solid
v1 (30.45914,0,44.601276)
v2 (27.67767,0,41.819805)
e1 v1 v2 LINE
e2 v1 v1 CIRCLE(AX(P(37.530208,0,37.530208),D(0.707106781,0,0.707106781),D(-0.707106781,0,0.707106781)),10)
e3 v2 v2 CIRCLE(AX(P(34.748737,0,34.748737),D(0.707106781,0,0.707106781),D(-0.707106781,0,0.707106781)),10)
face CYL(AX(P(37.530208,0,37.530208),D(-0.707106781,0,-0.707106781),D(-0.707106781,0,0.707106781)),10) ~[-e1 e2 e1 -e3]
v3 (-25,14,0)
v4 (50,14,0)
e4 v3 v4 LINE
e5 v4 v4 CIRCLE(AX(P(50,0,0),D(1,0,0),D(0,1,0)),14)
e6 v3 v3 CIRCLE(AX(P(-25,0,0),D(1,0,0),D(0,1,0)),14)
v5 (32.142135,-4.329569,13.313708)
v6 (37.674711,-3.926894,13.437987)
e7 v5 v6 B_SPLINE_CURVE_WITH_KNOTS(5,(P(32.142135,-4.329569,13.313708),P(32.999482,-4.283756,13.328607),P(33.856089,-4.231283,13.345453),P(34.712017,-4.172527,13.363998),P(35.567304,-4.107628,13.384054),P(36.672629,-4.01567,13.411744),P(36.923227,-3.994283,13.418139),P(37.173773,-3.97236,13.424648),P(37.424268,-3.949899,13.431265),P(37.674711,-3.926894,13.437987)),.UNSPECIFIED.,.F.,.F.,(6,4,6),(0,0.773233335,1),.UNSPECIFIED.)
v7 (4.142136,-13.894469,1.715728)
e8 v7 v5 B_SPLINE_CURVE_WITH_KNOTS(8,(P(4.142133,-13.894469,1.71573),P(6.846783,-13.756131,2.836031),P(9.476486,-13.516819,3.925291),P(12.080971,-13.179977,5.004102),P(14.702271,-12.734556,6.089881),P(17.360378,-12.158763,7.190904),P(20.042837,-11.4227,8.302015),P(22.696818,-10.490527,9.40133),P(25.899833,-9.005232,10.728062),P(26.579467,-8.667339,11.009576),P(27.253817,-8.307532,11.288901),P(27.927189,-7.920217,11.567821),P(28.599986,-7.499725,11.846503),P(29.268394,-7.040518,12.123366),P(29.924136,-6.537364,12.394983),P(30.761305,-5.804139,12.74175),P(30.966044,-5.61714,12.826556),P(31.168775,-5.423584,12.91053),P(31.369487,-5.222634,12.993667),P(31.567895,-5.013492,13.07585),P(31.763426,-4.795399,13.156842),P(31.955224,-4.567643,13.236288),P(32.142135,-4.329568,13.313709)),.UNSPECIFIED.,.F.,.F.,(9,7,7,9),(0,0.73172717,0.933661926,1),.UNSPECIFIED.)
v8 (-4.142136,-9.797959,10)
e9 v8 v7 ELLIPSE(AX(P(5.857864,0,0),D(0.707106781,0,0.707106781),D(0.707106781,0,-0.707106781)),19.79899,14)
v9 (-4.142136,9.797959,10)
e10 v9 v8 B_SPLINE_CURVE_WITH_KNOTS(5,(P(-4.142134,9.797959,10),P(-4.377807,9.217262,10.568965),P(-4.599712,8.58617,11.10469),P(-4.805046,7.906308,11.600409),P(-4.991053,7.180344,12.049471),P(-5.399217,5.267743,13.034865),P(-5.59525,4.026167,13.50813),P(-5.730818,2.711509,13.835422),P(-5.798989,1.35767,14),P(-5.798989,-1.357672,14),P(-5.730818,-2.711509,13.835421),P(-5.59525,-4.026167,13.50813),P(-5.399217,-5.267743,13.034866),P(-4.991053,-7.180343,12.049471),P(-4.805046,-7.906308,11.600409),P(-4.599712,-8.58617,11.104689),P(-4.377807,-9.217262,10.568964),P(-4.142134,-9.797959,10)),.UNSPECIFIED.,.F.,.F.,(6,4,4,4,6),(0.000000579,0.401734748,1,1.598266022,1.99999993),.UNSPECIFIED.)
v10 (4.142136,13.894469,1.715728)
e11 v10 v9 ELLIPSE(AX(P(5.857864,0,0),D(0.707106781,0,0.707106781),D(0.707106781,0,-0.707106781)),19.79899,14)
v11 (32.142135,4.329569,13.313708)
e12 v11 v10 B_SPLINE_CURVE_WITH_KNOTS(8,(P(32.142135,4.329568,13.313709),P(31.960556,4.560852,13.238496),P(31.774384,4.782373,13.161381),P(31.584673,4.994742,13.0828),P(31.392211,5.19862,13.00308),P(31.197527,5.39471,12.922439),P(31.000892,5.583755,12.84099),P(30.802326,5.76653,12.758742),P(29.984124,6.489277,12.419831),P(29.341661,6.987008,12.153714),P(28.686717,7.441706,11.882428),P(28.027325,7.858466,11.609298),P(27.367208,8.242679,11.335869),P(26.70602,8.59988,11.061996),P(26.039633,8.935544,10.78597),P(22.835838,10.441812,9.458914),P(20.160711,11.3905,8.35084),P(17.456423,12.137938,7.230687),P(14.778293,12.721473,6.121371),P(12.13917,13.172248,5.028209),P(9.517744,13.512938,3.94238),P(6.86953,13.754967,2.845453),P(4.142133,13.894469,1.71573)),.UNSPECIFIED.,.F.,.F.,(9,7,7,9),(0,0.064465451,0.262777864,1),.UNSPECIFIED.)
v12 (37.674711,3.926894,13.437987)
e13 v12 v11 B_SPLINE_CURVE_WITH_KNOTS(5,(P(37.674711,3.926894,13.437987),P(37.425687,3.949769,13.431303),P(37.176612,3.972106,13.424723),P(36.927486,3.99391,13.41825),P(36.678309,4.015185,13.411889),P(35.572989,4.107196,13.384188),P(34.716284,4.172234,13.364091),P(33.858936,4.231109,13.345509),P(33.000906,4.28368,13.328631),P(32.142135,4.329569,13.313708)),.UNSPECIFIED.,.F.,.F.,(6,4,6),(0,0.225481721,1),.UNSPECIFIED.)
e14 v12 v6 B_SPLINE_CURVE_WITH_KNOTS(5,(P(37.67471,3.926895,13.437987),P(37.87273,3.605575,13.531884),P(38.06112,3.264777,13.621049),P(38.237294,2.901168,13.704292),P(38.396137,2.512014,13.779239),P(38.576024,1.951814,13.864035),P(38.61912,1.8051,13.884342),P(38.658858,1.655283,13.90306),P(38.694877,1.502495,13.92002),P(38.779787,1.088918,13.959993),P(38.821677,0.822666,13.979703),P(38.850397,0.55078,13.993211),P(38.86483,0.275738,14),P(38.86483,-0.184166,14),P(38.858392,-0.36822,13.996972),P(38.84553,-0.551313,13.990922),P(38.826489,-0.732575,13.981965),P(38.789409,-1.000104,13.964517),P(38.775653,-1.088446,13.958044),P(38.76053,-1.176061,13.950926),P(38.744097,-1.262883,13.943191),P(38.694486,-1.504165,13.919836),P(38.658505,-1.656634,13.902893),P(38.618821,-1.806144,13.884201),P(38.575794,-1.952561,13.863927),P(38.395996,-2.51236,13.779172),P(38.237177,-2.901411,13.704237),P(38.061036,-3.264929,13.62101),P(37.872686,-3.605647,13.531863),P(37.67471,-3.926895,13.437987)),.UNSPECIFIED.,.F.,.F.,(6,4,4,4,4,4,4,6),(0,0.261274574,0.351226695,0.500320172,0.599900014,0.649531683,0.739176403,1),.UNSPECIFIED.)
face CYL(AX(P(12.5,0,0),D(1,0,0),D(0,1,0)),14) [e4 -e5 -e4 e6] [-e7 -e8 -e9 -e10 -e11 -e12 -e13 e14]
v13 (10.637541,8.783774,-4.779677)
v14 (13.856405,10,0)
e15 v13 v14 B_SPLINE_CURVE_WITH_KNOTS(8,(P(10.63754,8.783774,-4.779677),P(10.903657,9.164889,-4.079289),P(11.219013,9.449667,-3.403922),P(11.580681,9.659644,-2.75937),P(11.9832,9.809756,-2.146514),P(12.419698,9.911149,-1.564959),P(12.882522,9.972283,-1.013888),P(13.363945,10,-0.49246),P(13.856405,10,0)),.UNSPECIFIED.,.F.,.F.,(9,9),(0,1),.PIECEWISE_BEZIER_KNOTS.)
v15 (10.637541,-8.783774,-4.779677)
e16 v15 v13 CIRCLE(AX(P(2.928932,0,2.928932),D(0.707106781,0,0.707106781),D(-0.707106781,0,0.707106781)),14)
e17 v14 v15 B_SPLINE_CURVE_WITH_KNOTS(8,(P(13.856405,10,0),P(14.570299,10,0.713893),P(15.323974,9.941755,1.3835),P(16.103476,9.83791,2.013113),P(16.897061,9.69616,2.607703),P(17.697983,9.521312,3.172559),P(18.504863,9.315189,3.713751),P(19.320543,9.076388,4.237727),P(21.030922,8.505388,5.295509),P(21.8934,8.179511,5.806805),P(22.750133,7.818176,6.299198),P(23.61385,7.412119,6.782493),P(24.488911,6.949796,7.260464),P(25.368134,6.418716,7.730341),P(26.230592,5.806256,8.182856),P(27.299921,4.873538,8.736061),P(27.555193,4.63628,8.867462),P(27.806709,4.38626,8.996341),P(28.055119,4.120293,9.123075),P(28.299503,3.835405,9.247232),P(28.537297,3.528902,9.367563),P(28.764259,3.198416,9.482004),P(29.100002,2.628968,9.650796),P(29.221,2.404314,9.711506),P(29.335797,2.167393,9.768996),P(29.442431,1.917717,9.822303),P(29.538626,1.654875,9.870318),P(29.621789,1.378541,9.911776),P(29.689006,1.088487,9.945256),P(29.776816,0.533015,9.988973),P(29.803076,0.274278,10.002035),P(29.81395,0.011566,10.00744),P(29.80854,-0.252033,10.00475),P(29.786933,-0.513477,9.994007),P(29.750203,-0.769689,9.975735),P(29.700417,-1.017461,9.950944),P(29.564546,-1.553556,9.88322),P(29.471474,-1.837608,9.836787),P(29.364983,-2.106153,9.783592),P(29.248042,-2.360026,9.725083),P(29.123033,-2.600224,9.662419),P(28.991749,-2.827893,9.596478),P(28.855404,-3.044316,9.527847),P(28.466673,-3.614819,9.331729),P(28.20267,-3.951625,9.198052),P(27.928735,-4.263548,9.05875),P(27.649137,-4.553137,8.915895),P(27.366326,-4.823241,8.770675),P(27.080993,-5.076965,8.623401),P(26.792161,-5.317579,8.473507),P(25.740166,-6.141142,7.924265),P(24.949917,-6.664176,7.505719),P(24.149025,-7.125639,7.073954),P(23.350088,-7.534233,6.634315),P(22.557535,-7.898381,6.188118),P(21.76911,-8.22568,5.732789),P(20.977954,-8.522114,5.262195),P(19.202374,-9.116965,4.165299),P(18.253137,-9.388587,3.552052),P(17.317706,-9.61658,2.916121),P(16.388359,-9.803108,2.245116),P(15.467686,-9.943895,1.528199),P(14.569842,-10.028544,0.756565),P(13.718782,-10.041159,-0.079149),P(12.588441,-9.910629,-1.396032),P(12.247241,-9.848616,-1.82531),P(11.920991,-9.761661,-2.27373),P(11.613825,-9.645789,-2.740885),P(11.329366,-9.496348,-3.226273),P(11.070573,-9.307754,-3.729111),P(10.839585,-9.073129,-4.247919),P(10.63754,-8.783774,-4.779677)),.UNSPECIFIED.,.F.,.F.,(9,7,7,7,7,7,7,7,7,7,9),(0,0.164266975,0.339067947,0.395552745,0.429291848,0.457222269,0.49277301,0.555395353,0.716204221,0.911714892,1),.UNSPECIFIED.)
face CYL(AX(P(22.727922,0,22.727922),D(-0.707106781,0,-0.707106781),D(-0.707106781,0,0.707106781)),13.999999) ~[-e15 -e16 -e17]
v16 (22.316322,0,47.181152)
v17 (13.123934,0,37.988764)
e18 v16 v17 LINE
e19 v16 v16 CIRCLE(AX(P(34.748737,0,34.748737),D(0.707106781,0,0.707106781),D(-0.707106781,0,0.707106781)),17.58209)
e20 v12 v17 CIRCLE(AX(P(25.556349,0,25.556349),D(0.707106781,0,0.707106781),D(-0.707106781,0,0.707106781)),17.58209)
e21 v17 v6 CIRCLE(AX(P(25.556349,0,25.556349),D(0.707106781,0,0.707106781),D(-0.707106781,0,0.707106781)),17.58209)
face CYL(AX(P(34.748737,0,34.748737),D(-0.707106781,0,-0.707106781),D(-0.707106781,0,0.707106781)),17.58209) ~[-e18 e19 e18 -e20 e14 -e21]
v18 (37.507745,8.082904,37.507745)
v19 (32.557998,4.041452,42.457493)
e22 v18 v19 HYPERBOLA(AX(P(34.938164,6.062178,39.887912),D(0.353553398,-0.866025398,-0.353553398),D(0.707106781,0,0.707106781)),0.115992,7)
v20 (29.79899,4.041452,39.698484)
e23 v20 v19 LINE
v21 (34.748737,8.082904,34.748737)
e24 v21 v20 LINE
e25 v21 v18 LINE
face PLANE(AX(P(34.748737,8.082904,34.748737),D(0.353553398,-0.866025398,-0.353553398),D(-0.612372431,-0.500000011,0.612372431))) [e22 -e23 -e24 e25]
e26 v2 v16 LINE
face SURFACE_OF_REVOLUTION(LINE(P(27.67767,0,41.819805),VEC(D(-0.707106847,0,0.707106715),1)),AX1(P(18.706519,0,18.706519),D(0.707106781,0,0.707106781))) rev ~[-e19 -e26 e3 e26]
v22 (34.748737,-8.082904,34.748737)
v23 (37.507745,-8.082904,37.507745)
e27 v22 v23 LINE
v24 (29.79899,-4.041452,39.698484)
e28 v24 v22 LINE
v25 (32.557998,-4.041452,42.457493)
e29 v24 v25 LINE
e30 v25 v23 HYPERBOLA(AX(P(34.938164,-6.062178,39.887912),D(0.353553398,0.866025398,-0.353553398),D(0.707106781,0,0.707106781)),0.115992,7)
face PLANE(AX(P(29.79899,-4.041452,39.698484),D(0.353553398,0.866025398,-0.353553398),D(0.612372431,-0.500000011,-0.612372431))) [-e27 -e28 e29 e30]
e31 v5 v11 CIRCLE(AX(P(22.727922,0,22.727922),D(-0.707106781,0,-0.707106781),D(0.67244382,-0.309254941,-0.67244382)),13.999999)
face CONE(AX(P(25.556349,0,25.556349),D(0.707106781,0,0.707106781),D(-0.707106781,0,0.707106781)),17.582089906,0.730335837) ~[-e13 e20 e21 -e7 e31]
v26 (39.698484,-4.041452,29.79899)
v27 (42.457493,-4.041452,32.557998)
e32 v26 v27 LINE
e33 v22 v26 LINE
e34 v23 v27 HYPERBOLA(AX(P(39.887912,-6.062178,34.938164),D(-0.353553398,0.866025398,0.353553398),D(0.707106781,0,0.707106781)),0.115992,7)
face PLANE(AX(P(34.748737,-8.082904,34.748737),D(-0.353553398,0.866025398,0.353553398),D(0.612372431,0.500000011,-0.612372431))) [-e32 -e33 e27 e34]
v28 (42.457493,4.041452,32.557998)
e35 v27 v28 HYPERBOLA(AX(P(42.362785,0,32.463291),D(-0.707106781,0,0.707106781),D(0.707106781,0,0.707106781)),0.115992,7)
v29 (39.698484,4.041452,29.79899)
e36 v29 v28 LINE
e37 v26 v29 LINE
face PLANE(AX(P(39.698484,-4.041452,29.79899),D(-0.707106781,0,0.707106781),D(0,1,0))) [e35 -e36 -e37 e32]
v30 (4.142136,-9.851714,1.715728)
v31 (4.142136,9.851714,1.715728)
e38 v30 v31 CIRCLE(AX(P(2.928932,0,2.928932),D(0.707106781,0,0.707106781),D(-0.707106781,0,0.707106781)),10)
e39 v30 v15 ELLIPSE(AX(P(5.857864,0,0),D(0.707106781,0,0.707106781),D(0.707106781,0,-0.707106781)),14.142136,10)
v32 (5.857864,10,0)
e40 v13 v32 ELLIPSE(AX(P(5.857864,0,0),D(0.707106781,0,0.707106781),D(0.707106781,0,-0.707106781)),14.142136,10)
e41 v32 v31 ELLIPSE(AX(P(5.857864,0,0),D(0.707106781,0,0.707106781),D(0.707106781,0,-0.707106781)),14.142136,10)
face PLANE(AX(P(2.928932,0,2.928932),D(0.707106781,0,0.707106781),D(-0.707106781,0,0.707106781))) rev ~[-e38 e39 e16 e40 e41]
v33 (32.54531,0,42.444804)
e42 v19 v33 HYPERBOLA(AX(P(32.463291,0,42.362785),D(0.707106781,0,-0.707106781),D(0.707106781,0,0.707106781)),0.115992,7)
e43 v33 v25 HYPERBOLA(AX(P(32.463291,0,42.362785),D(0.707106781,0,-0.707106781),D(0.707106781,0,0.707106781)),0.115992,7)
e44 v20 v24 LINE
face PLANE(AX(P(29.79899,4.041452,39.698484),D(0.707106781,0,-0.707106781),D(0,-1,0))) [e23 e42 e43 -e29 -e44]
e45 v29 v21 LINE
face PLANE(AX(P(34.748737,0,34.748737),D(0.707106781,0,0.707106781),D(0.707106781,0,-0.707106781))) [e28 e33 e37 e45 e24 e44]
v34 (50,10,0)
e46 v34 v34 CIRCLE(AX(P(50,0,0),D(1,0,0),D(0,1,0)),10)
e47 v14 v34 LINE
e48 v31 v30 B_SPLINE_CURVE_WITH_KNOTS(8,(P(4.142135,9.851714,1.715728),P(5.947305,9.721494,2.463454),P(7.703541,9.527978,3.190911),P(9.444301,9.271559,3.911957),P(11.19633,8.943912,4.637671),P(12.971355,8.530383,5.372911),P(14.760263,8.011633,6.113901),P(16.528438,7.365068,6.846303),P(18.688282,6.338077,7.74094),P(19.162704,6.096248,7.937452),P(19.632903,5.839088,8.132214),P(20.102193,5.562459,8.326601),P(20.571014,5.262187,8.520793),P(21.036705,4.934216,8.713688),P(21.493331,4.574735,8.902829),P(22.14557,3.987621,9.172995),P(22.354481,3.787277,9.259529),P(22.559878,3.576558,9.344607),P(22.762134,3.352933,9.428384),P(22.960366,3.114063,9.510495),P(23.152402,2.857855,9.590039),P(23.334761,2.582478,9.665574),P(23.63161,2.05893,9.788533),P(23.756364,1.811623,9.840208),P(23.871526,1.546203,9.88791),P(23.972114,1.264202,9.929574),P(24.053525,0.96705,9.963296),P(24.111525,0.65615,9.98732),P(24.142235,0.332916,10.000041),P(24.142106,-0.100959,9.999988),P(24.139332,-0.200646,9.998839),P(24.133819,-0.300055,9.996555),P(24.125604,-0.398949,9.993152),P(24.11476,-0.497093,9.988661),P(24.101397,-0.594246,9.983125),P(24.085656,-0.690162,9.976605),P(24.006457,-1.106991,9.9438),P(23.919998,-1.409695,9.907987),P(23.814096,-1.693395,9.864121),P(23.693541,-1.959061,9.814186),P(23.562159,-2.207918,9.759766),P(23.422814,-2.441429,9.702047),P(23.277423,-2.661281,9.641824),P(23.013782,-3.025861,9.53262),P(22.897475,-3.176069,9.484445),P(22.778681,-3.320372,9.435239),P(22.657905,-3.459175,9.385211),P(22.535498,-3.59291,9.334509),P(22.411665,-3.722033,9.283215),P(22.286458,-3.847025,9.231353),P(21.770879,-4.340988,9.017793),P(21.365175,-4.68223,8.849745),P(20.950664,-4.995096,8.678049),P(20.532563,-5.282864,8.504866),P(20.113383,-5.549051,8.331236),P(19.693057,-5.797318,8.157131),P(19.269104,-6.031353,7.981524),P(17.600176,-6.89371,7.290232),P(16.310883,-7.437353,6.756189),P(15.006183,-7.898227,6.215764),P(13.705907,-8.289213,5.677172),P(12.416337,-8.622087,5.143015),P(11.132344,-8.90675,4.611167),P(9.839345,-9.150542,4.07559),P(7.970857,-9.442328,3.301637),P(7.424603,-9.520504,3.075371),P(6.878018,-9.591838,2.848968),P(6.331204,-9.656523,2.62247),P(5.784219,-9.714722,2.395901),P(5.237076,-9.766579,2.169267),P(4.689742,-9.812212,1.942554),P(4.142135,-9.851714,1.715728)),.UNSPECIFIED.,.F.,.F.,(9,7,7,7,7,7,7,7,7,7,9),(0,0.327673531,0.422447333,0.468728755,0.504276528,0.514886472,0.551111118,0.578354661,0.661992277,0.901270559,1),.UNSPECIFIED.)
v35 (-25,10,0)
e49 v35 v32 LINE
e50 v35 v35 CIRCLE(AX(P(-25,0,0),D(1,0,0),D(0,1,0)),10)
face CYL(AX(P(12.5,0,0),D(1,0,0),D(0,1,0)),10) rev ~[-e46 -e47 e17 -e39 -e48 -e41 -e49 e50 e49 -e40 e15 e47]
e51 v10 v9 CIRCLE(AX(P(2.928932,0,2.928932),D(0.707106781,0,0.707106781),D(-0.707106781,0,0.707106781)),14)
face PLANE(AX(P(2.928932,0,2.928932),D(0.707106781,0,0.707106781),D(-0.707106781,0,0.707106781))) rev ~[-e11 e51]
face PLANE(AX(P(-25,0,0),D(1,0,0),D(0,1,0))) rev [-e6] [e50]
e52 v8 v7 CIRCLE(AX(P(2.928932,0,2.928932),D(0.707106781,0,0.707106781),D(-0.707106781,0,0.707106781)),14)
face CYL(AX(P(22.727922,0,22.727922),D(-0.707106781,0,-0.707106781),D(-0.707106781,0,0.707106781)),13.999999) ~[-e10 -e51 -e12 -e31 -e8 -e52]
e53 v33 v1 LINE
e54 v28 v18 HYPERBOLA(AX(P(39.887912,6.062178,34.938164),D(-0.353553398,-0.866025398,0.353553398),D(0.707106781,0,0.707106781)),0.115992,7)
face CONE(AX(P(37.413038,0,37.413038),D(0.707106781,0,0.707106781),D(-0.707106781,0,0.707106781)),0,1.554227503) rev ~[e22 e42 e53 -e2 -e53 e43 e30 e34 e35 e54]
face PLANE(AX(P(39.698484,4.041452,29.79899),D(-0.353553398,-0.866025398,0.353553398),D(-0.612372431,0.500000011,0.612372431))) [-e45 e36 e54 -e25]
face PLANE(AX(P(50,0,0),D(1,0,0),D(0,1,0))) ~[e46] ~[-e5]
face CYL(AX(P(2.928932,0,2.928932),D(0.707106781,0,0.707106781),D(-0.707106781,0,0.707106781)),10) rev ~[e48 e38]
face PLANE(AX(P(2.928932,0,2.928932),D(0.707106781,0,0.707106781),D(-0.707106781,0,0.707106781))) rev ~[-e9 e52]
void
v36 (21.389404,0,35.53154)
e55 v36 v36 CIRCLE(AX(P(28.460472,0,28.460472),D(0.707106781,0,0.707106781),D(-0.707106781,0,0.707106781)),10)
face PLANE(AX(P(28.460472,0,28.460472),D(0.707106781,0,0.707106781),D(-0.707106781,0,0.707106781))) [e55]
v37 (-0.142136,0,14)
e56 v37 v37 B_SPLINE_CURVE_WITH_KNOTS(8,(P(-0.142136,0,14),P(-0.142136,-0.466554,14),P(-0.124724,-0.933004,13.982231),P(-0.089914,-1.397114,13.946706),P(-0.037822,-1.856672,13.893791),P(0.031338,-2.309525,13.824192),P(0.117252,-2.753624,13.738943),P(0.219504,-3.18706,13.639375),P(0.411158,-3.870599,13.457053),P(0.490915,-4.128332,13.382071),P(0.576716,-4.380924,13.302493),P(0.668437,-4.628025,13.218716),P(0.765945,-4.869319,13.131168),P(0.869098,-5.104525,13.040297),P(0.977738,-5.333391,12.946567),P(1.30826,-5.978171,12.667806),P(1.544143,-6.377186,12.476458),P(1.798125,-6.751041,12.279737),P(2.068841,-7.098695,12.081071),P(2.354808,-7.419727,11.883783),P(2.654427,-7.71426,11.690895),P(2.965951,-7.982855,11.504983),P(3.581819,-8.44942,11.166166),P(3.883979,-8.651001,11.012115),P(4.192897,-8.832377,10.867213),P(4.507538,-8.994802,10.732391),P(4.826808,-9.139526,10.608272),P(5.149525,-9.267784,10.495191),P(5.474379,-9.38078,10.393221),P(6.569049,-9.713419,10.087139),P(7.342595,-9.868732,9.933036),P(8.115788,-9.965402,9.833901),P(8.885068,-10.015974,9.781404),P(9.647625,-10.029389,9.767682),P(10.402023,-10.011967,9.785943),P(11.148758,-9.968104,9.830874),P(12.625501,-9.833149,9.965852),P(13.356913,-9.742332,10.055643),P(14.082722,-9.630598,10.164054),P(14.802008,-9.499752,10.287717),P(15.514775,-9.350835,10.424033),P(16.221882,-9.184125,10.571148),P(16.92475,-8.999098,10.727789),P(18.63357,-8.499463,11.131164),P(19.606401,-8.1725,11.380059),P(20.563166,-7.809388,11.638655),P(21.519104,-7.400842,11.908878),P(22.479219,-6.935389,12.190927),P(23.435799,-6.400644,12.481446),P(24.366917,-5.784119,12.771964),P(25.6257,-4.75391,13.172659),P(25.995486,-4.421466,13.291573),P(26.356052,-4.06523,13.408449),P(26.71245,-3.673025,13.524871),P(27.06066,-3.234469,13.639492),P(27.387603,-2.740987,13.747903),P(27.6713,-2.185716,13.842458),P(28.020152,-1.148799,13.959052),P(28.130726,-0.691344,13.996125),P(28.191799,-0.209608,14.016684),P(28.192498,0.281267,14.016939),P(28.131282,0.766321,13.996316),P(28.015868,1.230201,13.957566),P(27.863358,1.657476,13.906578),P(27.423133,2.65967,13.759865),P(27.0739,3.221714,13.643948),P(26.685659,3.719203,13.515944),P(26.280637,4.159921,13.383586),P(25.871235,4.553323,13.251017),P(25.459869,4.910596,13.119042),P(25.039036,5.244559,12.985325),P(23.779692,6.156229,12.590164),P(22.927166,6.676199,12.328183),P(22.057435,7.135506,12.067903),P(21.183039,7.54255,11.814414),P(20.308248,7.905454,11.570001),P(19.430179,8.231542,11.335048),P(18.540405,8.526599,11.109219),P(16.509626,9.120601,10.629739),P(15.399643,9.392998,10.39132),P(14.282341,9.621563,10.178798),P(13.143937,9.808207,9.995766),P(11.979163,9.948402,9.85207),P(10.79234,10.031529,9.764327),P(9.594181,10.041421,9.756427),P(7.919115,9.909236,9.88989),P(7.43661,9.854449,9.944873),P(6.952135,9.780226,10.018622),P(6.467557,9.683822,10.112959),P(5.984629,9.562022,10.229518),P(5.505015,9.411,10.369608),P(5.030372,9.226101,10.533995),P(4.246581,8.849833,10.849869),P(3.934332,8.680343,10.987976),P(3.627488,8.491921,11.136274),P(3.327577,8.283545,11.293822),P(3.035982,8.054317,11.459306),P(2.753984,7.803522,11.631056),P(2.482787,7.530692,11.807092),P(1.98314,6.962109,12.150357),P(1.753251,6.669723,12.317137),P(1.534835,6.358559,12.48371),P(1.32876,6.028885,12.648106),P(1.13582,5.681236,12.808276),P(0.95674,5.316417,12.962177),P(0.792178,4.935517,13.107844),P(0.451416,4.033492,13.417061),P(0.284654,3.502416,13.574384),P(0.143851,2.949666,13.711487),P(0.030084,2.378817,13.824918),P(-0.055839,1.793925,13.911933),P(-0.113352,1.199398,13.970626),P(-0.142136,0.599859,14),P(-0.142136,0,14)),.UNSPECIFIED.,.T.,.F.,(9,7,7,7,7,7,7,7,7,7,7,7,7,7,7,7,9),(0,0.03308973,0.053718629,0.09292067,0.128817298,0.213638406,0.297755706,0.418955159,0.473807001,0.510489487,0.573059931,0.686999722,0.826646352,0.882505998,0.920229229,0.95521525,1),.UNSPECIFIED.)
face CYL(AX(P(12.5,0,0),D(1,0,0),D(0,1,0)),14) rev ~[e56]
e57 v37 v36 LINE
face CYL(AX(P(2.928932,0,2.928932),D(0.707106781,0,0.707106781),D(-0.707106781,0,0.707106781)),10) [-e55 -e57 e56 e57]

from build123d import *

# Parameters (mm, degrees)
F0_W     = 75
F0_H     = 4
F5_DEPTH = 25


with BuildPart() as f1:
    # F0 (on Top) → F1 (revolve)
    with BuildSketch(Plane.XY):
        with Locations((12.5, 12)):
            Rectangle(F0_W, F0_H)
    revolve(axis=Axis((-0.954778, 0, 0), (1, 0, 0)))

    # F2 (on Front) → F3 (revolve)
    with BuildSketch(Plane.XZ):
        Polygon((-6.970563, 12.828427), (-4.142136, 10), (21.389404, 35.53154), (28.460472, 28.460472), (37.413038, 37.413038), (30.45914, 44.601276), (27.67767, 41.819805), (22.316322, 47.181152), (13.123934, 37.988764), (12.828427, 32.627416), align=None)
    revolve(axis=Axis((18.706519, 0, 18.706519), (0.707107, 0, 0.707107)))

    # F4 (on face) → F5 (cut)
    with BuildSketch(Plane(origin=(34.748737, 0, 34.748737), x_dir=(0.707107, 0, -0.707107), z_dir=(0.707107, 0, 0.707107))):
        Polygon((7, -4.041452), (7, 4.041452), (0, 8.082904), (-7, 4.041452), (-7, -4.041452), (0, -8.082904), align=None)
    extrude(amount=F5_DEPTH, mode=Mode.SUBTRACT)


solid = f1.part
